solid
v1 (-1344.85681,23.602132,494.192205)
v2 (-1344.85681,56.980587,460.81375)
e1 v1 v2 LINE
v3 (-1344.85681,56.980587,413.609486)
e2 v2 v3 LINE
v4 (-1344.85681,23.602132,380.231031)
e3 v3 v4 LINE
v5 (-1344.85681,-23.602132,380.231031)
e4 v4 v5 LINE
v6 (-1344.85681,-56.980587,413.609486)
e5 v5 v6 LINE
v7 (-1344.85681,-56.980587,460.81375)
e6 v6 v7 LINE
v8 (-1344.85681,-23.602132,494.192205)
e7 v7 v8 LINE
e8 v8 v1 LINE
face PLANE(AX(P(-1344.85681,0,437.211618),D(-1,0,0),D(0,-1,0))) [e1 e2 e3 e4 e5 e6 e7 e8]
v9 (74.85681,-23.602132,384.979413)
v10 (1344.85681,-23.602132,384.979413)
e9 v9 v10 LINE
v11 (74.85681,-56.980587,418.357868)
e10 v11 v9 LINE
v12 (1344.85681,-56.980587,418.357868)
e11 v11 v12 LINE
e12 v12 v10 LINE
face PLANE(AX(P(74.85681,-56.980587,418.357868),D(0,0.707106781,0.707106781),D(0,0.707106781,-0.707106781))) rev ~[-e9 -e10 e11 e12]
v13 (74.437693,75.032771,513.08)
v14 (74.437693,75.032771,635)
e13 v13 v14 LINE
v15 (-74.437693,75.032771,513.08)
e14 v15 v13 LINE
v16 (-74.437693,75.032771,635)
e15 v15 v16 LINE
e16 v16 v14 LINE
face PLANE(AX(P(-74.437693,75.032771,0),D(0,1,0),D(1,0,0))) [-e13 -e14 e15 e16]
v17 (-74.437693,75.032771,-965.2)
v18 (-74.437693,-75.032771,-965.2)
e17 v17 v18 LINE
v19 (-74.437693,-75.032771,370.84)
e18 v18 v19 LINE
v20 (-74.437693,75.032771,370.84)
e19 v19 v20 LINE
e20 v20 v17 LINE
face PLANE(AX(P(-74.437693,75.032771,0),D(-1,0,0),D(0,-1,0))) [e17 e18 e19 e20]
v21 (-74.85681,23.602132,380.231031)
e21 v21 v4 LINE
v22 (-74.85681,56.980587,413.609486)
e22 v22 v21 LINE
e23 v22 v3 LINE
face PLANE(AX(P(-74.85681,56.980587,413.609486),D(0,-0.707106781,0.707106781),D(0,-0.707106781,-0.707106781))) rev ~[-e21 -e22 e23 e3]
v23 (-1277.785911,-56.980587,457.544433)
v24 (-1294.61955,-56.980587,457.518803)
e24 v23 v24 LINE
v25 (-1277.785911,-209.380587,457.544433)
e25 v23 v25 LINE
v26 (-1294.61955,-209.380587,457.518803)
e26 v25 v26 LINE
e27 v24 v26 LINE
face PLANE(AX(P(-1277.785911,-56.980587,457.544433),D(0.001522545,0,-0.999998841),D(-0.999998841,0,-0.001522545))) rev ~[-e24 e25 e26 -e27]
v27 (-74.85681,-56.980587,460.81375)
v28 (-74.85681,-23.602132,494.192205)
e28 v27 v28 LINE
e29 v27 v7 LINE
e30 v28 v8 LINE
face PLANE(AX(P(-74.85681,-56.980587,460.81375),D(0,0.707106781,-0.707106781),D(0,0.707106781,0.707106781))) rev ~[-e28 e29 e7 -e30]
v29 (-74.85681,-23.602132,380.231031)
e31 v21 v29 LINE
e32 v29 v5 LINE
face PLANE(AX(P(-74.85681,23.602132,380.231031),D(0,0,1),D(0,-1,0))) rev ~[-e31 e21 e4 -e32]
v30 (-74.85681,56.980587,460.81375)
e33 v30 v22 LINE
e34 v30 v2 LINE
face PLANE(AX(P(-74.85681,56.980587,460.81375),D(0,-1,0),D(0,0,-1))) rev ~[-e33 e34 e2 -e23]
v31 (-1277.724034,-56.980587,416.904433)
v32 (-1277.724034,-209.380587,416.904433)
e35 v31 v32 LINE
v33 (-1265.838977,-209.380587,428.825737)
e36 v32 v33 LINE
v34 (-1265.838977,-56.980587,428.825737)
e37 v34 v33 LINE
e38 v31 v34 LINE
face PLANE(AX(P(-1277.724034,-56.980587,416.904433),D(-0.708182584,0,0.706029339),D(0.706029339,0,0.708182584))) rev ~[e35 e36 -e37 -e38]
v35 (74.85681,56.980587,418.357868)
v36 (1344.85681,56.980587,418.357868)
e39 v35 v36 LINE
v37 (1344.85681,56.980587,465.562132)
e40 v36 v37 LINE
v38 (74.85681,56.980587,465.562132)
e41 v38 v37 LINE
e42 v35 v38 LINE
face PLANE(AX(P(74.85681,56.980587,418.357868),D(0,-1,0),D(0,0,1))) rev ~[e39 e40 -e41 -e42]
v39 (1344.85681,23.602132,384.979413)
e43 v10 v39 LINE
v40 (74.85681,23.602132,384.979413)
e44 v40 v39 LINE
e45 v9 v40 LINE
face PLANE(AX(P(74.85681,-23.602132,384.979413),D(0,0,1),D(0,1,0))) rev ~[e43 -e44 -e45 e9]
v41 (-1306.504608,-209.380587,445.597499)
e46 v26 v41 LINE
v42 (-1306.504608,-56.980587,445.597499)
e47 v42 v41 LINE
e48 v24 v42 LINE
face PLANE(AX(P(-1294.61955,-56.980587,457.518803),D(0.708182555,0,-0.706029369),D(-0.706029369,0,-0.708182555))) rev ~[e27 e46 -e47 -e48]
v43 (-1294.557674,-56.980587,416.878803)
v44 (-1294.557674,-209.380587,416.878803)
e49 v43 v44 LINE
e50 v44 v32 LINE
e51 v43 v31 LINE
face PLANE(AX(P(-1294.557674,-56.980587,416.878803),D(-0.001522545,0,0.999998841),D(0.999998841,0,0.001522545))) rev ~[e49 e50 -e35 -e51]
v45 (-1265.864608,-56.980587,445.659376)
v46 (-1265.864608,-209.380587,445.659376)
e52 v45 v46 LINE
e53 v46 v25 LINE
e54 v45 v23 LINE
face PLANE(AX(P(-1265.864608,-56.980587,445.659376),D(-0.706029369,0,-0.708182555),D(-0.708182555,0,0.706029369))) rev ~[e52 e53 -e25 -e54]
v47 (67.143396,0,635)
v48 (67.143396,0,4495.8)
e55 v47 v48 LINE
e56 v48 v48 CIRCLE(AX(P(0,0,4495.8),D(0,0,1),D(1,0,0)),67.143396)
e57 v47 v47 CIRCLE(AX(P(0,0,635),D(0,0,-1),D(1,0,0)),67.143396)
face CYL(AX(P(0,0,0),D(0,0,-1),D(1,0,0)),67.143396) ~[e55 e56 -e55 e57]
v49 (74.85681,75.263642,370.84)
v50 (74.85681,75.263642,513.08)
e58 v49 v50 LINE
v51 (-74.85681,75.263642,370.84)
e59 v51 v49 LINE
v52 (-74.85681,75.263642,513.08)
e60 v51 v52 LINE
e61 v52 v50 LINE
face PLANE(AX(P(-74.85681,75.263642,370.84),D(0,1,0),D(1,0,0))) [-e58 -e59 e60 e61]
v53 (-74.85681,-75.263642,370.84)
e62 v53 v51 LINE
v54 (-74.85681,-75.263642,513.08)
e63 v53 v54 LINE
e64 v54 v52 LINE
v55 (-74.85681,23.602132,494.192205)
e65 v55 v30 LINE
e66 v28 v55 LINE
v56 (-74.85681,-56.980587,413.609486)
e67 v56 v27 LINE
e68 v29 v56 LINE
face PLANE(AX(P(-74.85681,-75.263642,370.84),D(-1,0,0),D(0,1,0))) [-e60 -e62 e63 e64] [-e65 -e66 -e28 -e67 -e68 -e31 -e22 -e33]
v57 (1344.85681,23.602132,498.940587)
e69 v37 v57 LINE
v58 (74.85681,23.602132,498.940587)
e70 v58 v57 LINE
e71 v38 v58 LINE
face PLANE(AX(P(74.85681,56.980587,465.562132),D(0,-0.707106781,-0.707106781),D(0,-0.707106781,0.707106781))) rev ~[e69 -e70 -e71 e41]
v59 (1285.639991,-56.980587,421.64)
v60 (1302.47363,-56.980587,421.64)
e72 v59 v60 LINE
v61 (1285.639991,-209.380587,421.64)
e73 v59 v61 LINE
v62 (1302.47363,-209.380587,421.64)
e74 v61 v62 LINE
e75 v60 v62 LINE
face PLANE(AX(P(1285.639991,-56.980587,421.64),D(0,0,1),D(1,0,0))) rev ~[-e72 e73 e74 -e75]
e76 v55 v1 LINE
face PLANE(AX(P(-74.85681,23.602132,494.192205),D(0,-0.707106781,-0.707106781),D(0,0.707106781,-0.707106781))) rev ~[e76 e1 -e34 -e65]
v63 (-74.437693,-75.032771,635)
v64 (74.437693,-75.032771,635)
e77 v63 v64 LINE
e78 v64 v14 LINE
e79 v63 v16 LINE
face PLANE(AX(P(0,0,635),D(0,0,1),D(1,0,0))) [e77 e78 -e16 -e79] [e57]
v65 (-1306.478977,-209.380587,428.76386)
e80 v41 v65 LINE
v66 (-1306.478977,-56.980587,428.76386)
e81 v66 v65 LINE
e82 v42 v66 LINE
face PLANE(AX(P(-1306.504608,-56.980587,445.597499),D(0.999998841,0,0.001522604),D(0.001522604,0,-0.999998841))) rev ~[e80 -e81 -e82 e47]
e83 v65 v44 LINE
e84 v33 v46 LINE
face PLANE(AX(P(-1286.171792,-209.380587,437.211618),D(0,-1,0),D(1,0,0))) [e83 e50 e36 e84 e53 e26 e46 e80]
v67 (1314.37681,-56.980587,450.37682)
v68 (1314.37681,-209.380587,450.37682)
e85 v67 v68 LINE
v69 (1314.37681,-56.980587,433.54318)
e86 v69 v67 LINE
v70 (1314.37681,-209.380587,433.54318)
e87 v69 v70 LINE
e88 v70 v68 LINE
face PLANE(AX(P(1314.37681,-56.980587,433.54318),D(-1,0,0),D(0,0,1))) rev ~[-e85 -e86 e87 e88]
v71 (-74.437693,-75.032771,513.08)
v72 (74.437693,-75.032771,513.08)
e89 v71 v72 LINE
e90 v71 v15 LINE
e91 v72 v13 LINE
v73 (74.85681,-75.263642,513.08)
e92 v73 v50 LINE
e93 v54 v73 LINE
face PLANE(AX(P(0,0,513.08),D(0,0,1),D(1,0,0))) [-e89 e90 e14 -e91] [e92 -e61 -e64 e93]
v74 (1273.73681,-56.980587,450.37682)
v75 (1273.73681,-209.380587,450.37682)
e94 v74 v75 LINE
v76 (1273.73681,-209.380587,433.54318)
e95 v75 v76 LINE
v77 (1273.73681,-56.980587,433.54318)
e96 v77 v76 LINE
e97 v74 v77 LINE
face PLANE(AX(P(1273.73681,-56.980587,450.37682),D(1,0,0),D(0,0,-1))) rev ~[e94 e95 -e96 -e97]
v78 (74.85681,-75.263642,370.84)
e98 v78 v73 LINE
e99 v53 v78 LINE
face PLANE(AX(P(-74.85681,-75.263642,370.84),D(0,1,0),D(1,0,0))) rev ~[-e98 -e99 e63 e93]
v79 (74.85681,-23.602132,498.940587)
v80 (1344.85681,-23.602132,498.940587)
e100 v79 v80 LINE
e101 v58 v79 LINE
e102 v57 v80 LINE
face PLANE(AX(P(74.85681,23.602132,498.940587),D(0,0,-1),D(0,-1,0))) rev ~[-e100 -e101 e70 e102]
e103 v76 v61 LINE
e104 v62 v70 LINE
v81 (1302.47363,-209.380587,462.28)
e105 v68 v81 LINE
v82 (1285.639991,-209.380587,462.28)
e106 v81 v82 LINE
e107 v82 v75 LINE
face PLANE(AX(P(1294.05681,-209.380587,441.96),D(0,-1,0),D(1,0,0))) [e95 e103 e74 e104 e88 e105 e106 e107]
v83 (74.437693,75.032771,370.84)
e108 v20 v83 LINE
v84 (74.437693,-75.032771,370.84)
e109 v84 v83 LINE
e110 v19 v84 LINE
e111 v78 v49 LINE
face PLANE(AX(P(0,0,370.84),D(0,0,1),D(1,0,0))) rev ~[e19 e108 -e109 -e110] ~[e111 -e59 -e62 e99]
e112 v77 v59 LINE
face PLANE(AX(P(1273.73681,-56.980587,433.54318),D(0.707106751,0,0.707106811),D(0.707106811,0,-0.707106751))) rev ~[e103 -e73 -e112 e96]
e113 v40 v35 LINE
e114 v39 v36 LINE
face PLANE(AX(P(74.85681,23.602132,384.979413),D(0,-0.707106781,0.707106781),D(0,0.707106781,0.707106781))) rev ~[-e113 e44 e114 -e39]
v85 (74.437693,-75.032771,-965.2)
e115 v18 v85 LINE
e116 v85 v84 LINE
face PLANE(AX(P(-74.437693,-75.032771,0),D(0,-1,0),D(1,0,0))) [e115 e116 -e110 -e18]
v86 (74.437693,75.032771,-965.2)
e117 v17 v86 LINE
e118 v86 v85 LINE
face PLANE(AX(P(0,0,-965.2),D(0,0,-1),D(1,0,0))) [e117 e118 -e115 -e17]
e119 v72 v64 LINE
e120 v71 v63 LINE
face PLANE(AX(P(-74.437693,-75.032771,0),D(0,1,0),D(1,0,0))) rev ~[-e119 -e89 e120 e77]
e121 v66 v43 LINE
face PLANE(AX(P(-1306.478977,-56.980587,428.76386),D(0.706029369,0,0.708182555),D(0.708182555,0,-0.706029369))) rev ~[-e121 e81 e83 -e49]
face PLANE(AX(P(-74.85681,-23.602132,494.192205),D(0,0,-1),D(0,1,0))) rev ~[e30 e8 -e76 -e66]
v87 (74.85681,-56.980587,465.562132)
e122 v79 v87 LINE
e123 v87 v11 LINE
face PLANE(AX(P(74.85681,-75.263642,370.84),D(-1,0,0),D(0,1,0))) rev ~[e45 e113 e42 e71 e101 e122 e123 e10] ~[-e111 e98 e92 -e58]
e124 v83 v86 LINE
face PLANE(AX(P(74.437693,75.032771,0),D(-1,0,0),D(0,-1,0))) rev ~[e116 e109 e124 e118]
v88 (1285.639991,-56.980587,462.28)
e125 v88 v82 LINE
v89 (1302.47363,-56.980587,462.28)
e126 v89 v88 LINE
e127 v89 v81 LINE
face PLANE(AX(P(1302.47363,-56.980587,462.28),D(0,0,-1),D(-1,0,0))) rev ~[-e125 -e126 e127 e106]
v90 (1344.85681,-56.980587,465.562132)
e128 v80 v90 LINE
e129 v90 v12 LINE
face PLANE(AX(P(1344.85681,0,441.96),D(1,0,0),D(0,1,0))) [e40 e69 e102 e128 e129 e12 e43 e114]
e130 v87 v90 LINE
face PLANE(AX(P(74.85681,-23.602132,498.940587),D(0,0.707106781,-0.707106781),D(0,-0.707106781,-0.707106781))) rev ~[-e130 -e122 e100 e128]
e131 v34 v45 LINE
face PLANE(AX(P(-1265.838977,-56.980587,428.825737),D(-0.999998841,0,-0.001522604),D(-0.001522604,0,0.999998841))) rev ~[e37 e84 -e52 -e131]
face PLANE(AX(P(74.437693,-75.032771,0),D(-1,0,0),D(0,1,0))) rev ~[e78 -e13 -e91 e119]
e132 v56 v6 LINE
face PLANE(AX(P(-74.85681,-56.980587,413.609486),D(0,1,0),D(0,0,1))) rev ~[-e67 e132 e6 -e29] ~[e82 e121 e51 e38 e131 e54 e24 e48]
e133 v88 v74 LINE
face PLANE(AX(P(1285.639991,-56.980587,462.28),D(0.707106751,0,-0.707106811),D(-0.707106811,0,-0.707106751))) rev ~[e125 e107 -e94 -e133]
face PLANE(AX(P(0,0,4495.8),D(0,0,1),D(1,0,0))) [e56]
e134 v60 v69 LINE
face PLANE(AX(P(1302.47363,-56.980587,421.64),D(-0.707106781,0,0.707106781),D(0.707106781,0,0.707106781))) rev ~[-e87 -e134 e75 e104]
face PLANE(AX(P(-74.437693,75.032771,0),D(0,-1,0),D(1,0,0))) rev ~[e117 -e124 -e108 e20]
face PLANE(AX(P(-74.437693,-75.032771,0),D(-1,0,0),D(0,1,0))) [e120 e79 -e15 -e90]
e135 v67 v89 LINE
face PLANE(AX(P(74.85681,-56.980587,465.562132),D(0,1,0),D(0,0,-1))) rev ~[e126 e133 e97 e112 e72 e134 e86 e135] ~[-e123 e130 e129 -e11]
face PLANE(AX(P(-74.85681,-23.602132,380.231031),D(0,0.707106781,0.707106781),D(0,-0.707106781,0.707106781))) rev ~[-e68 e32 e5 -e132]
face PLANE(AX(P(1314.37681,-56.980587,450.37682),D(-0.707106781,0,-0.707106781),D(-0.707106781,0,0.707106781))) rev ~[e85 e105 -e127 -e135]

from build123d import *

# Parameters (mm, degrees)
F0_R      = 67.143396
F1_DEPTH  = 4495.8
F2_W      = 148.875386
F2_H      = 150.065542
F3_DEPTH  = 635
F5_W      = 149.71362
F5_H      = 150.527284
F6_DEPTH  = 142.24
F8_DEPTH  = 1270
F10_DEPTH = 1270
F13_DEPTH = 152.4
F3_FACE_W = 148.875386
F3_FACE_H = 150.065542
F14_DEPTH = 965.2


with BuildPart() as f1:
    # F0 (on Top) → F1 (new body)
    with BuildSketch(Plane.XY):
        Circle(F0_R)
    extrude(amount=F1_DEPTH)

    # F2 (on Top) → F3 (join)
    with BuildSketch(Plane.XY):
        Rectangle(F2_W, F2_H)
    extrude(amount=F3_DEPTH)

    # F5 (on offset) → F6 (join)
    with BuildSketch(Plane.XY.offset(370.84)):
        Rectangle(F5_W, F5_H)
    extrude(amount=F6_DEPTH)

    # F7 (on face) → F8 (join)
    with BuildSketch(Plane.YZ.offset(74.85681)):
        Polygon((23.602132, 498.940587), (-23.602132, 498.940587), (-56.980587, 465.562132), (-56.980587, 418.357868), (-23.602132, 384.979413), (23.602132, 384.979413), (56.980587, 418.357868), (56.980587, 465.562132), align=None)
    extrude(amount=F8_DEPTH)

    # F9 (on face) → F10 (join)
    with BuildSketch(Plane(origin=(-74.85681, 0, 0), x_dir=(0, -1, 0), z_dir=(-1, 0, 0))):
        Polygon((23.602132, 494.192205), (-23.602132, 494.192205), (-56.980587, 460.81375), (-56.980587, 413.609486), (-23.602132, 380.231031), (23.602132, 380.231031), (56.980587, 413.609486), (56.980587, 460.81375), align=None)
    extrude(amount=F10_DEPTH)

    # F11 (on face) + F12 (on face) → F13 (join)
    with BuildSketch(Plane.XZ.offset(56.980587)):
        Polygon((-1277.785911, 457.544433), (-1294.61955, 457.518803), (-1306.504608, 445.597499), (-1306.478977, 428.76386), (-1294.557674, 416.878803), (-1277.724034, 416.904433), (-1265.838977, 428.825737), (-1265.864608, 445.659376), align=None)
    with BuildSketch(Plane.XZ.offset(56.980587)):
        Polygon((1314.37681, 433.54318), (1314.37681, 450.37682), (1302.47363, 462.28), (1285.639991, 462.28), (1273.73681, 450.37682), (1273.73681, 433.54318), (1285.639991, 421.64), (1302.47363, 421.64), align=None)
    extrude(amount=F13_DEPTH)

    # F3_face (on face) → F14 (join)
    with BuildSketch(Plane(origin=(0, 0, 0), x_dir=(1, 0, 0), z_dir=(0, 0, -1))):
        Rectangle(F3_FACE_W, F3_FACE_H)
    extrude(amount=F14_DEPTH)


solid = f1.part
